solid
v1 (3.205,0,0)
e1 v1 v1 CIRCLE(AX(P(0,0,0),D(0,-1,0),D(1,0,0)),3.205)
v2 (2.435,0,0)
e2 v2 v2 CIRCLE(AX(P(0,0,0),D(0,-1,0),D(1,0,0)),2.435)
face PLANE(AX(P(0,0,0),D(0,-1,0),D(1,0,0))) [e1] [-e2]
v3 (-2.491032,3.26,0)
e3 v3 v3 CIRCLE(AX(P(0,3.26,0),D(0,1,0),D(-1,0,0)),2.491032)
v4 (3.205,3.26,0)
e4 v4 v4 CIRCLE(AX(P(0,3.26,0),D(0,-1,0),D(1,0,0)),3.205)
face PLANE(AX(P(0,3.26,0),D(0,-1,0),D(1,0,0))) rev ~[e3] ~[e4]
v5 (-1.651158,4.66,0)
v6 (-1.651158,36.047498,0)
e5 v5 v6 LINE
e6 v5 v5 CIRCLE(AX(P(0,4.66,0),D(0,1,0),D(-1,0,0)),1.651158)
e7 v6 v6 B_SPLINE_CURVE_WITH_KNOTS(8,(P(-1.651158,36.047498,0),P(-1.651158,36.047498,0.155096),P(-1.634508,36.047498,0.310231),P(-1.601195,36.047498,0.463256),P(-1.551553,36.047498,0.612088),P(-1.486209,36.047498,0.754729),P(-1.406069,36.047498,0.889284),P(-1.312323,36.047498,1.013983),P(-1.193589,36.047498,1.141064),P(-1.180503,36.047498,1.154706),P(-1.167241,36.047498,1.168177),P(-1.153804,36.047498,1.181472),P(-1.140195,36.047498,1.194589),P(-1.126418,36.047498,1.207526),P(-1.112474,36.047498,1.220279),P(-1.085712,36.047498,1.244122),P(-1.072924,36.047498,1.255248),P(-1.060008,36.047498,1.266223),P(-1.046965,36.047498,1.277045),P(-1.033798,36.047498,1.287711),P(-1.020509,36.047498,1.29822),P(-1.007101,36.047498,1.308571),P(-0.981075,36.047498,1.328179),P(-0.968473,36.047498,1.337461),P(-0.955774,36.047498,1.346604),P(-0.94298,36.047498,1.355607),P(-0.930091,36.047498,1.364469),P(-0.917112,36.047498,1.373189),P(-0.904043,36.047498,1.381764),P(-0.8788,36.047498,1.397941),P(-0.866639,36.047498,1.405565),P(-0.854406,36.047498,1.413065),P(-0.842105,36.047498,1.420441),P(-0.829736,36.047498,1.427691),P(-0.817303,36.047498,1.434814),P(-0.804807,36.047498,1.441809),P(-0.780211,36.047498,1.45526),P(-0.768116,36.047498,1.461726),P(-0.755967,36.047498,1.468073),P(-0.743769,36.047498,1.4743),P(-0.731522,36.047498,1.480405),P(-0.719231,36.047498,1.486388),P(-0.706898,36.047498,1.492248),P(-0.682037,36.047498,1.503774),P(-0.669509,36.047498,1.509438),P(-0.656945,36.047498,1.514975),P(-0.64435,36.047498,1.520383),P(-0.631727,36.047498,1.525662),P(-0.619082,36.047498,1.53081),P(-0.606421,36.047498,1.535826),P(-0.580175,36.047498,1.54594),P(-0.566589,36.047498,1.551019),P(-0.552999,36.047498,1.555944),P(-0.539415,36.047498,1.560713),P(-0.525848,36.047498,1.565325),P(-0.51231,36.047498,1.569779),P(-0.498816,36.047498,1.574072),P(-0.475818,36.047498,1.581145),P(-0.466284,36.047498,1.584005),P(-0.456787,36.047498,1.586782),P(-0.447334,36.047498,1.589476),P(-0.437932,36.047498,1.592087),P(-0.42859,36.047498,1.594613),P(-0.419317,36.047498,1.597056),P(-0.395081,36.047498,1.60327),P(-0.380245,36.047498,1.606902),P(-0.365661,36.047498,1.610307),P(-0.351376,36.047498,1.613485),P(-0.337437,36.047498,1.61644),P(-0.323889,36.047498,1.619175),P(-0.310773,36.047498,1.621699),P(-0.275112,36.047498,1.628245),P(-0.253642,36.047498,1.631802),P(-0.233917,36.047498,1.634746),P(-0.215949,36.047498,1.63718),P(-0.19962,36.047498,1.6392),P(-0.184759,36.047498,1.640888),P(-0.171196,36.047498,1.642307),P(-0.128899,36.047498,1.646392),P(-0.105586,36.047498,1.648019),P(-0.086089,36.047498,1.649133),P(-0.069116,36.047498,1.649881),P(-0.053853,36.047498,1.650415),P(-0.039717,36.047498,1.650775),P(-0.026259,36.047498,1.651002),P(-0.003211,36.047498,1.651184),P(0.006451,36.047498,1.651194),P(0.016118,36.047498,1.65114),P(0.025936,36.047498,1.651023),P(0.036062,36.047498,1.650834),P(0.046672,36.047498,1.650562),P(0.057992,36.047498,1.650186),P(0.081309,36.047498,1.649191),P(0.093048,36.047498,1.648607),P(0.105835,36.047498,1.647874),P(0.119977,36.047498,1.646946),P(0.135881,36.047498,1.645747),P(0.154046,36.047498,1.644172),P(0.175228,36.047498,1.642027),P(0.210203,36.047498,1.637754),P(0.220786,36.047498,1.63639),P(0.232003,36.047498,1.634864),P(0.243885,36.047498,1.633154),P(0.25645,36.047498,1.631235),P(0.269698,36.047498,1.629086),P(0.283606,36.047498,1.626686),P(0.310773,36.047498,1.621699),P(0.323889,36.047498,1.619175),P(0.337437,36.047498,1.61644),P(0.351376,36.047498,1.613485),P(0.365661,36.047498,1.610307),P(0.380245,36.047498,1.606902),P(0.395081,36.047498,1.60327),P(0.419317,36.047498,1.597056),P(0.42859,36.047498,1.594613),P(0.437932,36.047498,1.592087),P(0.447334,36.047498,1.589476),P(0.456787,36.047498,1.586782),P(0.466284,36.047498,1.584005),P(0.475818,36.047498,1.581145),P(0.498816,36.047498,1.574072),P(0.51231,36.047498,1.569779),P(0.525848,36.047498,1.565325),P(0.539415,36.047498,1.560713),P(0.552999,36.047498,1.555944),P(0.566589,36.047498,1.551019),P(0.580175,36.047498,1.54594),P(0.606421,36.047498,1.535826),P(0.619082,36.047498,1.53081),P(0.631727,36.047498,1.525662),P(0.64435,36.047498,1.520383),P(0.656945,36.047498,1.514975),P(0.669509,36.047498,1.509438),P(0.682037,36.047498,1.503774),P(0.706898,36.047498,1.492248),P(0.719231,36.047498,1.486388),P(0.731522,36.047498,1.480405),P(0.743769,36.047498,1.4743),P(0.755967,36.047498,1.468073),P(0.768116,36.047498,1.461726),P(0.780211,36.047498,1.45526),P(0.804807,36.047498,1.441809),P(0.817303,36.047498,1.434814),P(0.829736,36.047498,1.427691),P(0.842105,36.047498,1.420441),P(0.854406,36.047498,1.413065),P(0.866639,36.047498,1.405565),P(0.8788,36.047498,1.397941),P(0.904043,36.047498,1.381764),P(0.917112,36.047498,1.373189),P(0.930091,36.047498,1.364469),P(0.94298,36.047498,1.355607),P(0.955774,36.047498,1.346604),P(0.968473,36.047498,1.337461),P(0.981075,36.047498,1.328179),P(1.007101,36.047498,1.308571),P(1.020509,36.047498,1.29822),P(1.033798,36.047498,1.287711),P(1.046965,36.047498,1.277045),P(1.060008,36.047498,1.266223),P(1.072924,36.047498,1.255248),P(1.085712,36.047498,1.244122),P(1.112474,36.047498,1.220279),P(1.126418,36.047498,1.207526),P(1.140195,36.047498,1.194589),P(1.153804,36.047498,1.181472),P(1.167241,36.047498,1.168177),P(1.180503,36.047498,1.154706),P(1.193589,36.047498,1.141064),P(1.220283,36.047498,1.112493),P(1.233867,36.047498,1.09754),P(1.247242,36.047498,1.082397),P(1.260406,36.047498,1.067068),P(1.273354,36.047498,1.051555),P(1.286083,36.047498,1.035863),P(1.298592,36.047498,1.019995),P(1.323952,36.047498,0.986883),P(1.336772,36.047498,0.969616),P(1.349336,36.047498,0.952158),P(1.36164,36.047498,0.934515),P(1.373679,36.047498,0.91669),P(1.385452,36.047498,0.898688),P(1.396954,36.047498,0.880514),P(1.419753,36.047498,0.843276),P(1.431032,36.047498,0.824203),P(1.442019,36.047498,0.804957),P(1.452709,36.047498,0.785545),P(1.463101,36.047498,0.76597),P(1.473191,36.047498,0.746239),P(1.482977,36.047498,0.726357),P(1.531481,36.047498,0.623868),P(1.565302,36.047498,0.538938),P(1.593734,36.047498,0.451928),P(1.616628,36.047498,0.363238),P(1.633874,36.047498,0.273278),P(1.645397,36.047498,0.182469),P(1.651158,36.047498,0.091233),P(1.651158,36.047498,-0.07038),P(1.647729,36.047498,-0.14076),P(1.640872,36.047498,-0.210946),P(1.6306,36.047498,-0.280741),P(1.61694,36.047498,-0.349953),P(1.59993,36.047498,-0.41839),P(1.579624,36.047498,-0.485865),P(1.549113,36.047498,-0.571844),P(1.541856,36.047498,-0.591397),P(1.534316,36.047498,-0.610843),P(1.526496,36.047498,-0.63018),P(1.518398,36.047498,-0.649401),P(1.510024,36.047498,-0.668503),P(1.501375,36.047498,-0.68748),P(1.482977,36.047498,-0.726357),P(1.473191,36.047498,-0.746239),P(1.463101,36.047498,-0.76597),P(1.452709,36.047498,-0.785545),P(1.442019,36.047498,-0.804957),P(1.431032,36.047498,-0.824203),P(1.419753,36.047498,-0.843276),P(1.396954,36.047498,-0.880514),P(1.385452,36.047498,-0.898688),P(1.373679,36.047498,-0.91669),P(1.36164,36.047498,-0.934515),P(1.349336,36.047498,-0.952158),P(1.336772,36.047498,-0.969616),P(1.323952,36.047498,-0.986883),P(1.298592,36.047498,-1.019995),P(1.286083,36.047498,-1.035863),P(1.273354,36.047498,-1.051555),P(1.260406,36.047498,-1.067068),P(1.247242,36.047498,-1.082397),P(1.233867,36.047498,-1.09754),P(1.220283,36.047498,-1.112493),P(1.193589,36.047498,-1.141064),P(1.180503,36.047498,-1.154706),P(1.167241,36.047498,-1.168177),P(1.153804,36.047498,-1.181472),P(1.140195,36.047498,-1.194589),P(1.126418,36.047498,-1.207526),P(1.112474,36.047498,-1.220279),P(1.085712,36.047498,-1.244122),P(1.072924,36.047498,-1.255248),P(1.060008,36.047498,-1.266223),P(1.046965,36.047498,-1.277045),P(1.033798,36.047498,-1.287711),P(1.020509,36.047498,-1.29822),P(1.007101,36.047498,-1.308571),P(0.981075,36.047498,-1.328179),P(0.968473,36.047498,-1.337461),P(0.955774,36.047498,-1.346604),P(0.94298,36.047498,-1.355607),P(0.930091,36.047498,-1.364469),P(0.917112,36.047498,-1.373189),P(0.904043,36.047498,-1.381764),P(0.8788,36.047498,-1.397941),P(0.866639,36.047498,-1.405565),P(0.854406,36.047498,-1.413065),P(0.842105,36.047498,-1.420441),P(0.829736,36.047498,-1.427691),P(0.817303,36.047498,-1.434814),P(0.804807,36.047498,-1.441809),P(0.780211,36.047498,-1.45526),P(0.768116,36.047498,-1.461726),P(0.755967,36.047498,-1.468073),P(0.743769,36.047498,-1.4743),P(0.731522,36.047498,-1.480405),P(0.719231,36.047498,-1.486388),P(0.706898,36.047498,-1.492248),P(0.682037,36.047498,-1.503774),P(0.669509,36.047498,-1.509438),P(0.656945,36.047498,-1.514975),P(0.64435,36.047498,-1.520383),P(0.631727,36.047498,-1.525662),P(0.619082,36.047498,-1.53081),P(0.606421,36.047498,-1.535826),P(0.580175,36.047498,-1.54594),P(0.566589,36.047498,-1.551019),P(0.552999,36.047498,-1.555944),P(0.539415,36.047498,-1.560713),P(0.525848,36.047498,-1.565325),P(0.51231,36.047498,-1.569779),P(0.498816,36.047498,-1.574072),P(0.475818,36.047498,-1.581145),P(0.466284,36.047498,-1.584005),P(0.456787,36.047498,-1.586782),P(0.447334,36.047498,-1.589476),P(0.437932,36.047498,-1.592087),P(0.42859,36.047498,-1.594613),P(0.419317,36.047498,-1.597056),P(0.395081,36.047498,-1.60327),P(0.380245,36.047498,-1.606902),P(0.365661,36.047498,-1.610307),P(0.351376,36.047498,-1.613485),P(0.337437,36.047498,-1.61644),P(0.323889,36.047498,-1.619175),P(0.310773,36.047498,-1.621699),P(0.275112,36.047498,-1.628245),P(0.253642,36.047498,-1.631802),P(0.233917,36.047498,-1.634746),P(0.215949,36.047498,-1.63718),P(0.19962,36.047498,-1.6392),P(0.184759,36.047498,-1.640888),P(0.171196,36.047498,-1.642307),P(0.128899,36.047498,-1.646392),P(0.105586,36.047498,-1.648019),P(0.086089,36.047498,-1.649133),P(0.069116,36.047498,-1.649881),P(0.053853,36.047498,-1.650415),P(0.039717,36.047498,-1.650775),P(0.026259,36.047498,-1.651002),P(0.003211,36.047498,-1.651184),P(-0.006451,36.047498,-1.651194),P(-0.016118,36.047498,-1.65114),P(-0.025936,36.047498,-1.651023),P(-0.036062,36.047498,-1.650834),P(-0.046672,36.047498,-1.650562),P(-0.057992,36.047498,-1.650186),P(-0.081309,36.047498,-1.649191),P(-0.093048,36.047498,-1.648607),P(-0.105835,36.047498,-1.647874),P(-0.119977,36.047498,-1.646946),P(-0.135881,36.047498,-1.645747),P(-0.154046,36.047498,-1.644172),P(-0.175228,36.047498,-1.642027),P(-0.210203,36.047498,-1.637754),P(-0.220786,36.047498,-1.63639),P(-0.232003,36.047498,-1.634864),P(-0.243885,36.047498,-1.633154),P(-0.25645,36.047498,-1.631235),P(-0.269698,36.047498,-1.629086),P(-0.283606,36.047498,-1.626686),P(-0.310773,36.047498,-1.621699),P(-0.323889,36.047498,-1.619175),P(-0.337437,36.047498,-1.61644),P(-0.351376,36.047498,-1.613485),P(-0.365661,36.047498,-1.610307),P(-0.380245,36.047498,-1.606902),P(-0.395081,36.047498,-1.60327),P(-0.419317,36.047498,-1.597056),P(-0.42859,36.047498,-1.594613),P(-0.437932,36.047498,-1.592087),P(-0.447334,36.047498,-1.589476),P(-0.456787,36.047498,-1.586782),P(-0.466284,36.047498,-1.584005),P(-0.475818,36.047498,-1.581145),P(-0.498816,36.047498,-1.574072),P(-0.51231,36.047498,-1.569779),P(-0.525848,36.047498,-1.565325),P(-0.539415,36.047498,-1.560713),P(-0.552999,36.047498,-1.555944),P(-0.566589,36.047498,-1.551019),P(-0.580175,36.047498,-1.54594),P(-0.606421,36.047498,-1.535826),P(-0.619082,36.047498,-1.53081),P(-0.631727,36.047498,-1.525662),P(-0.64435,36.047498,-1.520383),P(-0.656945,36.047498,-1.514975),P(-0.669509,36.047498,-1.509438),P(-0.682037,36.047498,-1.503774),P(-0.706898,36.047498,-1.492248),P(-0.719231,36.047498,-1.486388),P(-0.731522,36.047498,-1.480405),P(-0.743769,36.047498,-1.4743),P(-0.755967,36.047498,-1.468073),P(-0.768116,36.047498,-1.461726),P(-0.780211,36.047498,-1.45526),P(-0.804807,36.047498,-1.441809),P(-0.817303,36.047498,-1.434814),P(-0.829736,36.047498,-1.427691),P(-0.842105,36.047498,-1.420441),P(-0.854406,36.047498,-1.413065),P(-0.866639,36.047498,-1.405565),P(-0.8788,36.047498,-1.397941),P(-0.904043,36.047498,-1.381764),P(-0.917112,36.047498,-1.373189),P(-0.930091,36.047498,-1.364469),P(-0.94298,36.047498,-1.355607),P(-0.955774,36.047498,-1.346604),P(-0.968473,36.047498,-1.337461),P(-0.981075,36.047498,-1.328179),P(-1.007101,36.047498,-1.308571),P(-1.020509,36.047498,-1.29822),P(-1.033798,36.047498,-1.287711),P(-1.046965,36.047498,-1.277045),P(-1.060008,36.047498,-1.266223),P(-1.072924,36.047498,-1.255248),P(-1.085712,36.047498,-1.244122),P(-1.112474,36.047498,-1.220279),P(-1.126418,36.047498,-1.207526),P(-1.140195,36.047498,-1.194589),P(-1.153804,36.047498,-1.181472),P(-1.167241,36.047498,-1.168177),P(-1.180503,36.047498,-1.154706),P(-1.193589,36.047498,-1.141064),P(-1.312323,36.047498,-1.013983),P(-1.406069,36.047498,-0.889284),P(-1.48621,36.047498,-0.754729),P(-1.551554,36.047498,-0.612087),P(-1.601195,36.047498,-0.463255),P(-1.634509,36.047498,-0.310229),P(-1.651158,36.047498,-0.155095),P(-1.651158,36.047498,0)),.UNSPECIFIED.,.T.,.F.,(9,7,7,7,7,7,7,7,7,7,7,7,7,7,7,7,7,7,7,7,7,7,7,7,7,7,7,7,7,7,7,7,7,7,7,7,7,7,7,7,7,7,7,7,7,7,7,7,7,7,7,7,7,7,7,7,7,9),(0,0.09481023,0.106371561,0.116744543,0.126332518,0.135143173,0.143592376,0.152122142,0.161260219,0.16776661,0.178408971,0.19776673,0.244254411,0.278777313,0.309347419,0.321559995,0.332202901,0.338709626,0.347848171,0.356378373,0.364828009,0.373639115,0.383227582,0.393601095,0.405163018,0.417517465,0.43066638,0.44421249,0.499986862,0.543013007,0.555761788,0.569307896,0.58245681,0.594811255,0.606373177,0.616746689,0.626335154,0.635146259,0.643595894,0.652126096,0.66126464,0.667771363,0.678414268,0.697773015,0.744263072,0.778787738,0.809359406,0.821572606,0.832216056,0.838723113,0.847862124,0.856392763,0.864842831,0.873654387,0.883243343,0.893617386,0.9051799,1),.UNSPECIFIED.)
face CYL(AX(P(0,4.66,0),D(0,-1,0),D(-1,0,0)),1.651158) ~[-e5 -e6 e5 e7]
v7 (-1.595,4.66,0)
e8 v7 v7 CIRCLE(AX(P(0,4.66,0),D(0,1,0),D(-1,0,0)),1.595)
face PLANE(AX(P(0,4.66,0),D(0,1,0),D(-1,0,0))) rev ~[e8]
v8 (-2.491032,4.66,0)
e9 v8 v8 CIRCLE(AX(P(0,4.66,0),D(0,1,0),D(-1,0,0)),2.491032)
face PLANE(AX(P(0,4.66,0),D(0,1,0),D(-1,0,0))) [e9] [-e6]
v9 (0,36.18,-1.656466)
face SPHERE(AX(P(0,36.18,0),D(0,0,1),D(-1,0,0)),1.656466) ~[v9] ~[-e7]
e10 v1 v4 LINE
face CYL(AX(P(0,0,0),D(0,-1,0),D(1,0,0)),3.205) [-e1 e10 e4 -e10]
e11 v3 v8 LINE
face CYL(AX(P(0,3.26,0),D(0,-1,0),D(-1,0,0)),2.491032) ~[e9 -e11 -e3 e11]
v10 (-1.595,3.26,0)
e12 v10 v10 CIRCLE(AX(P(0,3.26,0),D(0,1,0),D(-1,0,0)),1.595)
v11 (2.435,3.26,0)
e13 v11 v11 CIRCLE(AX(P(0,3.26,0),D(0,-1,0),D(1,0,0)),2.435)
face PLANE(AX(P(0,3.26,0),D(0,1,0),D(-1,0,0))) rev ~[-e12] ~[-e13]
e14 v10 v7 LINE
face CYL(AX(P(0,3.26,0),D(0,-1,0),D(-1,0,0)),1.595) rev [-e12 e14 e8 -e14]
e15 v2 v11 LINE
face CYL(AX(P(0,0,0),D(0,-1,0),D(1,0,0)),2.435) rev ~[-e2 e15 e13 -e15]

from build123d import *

# Parameters (mm, degrees)
F0_R     = 3.205
F0_R_2   = 2.435
F1_DEPTH = 3.26
F2_R     = 2.491032
F2_R_2   = 1.595
F3_DEPTH = 1.4
F4_R     = 1.651158
F5_DEPTH = 31.52


with BuildPart() as f1:
    # F0 (on Front) → F1 (new body)
    with BuildSketch(Plane.XZ):
        Circle(F0_R)
        Circle(F0_R_2, mode=Mode.SUBTRACT)
    extrude(amount=-F1_DEPTH)

    # F2 (on face) → F3 (join)
    with BuildSketch(Plane(origin=(0, 3.26, 0), x_dir=(-1, 0, 0), z_dir=(0, 1, 0))):
        Circle(F2_R)
        Circle(F2_R_2, mode=Mode.SUBTRACT)
    extrude(amount=F3_DEPTH)

    # F4 (on face) → F5 (join)
    with BuildSketch(Plane(origin=(0, 4.66, 0), x_dir=(-1, 0, 0), z_dir=(0, 1, 0))):
        Circle(F4_R)
    extrude(amount=F5_DEPTH)

    # F7 (on face) → F8 (revolve)
    with BuildSketch(Plane(origin=(0, 36.18, 0), x_dir=(-1, 0, 0), z_dir=(0, 1, 0))):
        with BuildLine():
            Line((0, 1.656466), (0, -1.656466))
            ThreePointArc((0, -1.656466), (1.656466, 0), (0, 1.656466))
        make_face()
    revolve(axis=Axis((0, 36.18, 0), (0, 0, -1)))


solid = f1.part
